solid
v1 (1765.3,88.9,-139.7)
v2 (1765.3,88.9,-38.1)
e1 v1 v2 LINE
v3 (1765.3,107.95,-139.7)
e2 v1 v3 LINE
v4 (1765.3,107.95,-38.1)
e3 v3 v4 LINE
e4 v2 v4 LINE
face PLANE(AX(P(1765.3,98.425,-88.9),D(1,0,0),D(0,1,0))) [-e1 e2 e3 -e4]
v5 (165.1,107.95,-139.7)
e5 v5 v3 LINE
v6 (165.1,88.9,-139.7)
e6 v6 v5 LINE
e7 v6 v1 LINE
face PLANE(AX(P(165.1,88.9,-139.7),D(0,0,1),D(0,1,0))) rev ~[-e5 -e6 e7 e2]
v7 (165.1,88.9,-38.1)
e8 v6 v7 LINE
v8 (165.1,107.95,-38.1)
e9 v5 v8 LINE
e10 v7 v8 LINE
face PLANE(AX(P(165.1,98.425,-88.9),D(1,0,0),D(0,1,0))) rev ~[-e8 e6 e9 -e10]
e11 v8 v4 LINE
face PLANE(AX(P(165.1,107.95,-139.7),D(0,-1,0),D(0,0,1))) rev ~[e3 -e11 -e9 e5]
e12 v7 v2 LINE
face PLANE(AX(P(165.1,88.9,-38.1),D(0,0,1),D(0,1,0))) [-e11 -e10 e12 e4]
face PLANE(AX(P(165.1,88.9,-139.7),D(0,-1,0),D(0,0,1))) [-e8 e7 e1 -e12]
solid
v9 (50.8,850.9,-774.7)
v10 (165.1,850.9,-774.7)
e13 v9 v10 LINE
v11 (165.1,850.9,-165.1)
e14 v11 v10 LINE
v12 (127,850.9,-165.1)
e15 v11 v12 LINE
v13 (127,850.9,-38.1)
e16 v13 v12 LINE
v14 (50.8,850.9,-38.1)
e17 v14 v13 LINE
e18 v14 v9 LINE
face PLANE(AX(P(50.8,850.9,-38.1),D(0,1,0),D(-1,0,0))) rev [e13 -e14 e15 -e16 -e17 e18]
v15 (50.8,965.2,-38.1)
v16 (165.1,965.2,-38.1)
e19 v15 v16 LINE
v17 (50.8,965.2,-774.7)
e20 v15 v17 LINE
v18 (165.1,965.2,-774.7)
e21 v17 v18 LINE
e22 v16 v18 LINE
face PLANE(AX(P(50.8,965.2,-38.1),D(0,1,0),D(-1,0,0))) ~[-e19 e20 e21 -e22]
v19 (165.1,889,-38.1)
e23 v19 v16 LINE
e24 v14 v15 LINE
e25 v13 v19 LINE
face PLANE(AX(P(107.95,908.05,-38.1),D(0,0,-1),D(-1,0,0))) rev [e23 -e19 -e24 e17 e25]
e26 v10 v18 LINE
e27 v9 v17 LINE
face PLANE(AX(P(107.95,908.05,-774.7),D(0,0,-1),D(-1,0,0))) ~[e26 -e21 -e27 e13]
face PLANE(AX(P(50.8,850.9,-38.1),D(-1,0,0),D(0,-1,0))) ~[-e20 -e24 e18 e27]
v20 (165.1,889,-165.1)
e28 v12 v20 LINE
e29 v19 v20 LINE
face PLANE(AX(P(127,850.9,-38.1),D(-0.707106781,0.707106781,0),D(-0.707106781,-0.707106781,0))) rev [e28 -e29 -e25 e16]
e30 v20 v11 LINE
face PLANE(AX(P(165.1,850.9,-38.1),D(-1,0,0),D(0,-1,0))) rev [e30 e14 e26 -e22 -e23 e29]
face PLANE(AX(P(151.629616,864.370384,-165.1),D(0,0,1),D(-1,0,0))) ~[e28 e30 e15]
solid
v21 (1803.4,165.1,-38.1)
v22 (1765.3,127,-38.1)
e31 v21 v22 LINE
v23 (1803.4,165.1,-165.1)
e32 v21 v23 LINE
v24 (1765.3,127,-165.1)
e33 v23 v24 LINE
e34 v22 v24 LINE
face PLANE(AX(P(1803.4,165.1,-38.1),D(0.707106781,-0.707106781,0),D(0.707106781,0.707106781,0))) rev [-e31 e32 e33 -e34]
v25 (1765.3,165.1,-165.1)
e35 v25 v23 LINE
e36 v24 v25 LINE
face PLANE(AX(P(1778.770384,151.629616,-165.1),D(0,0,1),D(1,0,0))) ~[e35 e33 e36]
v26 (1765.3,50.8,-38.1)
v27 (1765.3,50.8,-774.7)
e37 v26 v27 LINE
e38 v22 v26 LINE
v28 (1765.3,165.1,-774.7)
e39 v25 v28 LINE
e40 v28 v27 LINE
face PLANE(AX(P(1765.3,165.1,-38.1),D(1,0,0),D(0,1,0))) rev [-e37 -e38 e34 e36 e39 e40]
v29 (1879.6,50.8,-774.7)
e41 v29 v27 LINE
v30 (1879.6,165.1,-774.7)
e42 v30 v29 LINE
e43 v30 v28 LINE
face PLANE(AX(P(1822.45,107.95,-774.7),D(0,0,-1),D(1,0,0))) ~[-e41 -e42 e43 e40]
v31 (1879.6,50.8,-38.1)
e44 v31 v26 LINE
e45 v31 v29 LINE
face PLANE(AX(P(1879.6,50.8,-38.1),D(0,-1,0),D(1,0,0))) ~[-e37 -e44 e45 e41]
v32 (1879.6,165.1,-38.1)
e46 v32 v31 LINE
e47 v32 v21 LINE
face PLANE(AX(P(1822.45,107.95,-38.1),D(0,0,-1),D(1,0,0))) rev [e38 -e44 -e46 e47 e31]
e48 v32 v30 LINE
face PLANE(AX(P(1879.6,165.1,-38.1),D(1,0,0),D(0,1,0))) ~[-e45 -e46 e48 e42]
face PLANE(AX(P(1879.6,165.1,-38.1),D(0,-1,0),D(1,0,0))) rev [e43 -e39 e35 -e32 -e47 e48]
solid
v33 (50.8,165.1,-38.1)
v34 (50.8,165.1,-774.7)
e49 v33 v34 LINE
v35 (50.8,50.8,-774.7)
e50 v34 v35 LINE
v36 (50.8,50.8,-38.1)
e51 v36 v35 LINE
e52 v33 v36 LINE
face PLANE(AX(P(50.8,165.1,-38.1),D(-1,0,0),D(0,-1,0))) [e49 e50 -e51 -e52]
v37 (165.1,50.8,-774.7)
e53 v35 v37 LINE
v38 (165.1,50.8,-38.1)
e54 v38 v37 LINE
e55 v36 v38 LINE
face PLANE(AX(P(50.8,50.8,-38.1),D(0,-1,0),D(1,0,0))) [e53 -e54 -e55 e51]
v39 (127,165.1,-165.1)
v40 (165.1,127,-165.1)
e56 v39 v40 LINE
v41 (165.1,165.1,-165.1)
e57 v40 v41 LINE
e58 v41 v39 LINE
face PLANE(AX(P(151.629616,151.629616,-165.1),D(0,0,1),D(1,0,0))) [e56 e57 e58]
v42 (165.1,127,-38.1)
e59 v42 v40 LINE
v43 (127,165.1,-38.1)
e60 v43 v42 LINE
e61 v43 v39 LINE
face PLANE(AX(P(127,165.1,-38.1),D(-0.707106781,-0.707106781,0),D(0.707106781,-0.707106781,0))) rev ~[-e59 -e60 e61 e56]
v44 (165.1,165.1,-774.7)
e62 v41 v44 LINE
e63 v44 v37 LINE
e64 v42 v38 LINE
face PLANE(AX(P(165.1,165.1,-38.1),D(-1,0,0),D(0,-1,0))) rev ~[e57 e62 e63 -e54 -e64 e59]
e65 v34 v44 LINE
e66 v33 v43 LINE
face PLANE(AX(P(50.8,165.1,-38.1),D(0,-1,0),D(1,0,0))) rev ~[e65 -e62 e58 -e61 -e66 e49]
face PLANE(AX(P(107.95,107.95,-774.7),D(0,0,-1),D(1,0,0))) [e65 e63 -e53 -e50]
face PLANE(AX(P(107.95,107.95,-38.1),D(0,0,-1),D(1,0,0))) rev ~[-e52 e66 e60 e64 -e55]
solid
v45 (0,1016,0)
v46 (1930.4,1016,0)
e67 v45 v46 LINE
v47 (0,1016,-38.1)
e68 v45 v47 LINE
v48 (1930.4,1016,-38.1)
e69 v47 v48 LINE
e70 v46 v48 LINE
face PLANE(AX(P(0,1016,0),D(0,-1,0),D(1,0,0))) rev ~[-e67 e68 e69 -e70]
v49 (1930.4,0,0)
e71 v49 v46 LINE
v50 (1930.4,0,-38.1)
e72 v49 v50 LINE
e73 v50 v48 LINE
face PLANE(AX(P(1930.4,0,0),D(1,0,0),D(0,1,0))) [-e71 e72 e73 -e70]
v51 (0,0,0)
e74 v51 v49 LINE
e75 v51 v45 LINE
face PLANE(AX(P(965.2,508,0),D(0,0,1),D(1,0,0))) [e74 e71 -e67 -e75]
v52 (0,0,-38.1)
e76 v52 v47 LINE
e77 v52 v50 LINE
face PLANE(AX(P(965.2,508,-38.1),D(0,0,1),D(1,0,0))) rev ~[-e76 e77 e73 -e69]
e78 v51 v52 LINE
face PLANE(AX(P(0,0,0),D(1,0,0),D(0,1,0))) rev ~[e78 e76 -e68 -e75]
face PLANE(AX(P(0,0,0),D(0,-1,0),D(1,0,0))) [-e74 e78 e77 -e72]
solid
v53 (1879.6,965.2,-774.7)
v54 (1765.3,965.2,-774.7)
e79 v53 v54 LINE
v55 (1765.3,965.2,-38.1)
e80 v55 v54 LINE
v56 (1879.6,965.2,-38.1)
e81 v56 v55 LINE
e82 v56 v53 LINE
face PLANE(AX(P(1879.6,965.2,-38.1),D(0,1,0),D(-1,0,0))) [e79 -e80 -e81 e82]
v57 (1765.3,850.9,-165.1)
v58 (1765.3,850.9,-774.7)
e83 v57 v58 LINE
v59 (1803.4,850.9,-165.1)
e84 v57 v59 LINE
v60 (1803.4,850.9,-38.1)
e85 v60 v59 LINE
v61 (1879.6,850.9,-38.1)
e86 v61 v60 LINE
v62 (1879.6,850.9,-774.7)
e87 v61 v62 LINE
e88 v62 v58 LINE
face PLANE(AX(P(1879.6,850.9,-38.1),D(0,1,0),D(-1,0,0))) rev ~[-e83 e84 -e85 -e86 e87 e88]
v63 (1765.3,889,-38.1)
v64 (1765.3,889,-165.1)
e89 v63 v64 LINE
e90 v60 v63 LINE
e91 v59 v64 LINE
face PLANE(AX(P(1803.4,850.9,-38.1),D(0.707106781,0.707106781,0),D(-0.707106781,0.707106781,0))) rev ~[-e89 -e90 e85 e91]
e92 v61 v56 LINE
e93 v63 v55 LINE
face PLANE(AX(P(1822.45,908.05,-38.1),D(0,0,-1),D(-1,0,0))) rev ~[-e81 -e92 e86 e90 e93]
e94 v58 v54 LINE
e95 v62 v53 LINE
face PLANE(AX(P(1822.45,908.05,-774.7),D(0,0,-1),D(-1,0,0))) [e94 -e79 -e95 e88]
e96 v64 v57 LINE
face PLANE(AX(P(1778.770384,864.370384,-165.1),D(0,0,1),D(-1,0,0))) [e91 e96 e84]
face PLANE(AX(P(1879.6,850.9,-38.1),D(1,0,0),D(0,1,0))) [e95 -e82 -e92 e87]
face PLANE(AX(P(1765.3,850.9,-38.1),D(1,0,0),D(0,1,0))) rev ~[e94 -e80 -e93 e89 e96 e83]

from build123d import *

# Parameters (mm, degrees)
F0_W      = 1930.4
F0_H      = 1016
F1_DEPTH  = 38.1
F3_W      = 114.3
F3_H      = 114.3
F4_DEPTH  = 736.6
F7_DEPTH  = 127
F10_W     = 19.05
F10_H     = 101.6
F11_DEPTH = 1600.2


with BuildPart() as f1:
    # F0 (on Top) → F1 (new body)
    with BuildSketch(Plane.XY):
        with Locations((965.2, 508)):
            Rectangle(F0_W, F0_H)
    extrude(amount=-F1_DEPTH)


with BuildPart() as f4:
    # F3 (on face) → F4 (new body)
    with BuildSketch(Plane(origin=(0, 0, -38.1), x_dir=(1, 0, 0), z_dir=(0, 0, -1))):
        with Locations((107.95, -107.95)):
            Rectangle(F3_W, F3_H)
    extrude(amount=F4_DEPTH)

    # F6 (on face) → F7 (cut)
    with BuildSketch(Plane.XY.offset(-38.1)):
        Polygon((165.1, 165.1), (127, 165.1), (165.1, 127), align=None)
    extrude(amount=-F7_DEPTH, mode=Mode.SUBTRACT)


with BuildPart() as f8_1:
    # F8: instance of F4
    add(f4.part.mirror(Plane.XZ.offset(-508)))


with BuildPart() as f9_1:
    # F9: instance of F8_1
    add(f8_1.part.mirror(Plane.YZ.offset(965.2)))


with BuildPart() as f9_2:
    # F9: instance of F4
    add(f4.part.mirror(Plane.YZ.offset(965.2)))


with BuildPart() as f11:
    # F10 (on face) → F11 (new body, through all)
    with BuildSketch(Plane.YZ.offset(165.1)):
        with Locations((98.425, -88.9)):
            Rectangle(F10_W, F10_H)
    extrude(amount=F11_DEPTH)


solid = Compound([f1.part, f4.part, f8_1.part, f9_1.part, f9_2.part, f11.part])
